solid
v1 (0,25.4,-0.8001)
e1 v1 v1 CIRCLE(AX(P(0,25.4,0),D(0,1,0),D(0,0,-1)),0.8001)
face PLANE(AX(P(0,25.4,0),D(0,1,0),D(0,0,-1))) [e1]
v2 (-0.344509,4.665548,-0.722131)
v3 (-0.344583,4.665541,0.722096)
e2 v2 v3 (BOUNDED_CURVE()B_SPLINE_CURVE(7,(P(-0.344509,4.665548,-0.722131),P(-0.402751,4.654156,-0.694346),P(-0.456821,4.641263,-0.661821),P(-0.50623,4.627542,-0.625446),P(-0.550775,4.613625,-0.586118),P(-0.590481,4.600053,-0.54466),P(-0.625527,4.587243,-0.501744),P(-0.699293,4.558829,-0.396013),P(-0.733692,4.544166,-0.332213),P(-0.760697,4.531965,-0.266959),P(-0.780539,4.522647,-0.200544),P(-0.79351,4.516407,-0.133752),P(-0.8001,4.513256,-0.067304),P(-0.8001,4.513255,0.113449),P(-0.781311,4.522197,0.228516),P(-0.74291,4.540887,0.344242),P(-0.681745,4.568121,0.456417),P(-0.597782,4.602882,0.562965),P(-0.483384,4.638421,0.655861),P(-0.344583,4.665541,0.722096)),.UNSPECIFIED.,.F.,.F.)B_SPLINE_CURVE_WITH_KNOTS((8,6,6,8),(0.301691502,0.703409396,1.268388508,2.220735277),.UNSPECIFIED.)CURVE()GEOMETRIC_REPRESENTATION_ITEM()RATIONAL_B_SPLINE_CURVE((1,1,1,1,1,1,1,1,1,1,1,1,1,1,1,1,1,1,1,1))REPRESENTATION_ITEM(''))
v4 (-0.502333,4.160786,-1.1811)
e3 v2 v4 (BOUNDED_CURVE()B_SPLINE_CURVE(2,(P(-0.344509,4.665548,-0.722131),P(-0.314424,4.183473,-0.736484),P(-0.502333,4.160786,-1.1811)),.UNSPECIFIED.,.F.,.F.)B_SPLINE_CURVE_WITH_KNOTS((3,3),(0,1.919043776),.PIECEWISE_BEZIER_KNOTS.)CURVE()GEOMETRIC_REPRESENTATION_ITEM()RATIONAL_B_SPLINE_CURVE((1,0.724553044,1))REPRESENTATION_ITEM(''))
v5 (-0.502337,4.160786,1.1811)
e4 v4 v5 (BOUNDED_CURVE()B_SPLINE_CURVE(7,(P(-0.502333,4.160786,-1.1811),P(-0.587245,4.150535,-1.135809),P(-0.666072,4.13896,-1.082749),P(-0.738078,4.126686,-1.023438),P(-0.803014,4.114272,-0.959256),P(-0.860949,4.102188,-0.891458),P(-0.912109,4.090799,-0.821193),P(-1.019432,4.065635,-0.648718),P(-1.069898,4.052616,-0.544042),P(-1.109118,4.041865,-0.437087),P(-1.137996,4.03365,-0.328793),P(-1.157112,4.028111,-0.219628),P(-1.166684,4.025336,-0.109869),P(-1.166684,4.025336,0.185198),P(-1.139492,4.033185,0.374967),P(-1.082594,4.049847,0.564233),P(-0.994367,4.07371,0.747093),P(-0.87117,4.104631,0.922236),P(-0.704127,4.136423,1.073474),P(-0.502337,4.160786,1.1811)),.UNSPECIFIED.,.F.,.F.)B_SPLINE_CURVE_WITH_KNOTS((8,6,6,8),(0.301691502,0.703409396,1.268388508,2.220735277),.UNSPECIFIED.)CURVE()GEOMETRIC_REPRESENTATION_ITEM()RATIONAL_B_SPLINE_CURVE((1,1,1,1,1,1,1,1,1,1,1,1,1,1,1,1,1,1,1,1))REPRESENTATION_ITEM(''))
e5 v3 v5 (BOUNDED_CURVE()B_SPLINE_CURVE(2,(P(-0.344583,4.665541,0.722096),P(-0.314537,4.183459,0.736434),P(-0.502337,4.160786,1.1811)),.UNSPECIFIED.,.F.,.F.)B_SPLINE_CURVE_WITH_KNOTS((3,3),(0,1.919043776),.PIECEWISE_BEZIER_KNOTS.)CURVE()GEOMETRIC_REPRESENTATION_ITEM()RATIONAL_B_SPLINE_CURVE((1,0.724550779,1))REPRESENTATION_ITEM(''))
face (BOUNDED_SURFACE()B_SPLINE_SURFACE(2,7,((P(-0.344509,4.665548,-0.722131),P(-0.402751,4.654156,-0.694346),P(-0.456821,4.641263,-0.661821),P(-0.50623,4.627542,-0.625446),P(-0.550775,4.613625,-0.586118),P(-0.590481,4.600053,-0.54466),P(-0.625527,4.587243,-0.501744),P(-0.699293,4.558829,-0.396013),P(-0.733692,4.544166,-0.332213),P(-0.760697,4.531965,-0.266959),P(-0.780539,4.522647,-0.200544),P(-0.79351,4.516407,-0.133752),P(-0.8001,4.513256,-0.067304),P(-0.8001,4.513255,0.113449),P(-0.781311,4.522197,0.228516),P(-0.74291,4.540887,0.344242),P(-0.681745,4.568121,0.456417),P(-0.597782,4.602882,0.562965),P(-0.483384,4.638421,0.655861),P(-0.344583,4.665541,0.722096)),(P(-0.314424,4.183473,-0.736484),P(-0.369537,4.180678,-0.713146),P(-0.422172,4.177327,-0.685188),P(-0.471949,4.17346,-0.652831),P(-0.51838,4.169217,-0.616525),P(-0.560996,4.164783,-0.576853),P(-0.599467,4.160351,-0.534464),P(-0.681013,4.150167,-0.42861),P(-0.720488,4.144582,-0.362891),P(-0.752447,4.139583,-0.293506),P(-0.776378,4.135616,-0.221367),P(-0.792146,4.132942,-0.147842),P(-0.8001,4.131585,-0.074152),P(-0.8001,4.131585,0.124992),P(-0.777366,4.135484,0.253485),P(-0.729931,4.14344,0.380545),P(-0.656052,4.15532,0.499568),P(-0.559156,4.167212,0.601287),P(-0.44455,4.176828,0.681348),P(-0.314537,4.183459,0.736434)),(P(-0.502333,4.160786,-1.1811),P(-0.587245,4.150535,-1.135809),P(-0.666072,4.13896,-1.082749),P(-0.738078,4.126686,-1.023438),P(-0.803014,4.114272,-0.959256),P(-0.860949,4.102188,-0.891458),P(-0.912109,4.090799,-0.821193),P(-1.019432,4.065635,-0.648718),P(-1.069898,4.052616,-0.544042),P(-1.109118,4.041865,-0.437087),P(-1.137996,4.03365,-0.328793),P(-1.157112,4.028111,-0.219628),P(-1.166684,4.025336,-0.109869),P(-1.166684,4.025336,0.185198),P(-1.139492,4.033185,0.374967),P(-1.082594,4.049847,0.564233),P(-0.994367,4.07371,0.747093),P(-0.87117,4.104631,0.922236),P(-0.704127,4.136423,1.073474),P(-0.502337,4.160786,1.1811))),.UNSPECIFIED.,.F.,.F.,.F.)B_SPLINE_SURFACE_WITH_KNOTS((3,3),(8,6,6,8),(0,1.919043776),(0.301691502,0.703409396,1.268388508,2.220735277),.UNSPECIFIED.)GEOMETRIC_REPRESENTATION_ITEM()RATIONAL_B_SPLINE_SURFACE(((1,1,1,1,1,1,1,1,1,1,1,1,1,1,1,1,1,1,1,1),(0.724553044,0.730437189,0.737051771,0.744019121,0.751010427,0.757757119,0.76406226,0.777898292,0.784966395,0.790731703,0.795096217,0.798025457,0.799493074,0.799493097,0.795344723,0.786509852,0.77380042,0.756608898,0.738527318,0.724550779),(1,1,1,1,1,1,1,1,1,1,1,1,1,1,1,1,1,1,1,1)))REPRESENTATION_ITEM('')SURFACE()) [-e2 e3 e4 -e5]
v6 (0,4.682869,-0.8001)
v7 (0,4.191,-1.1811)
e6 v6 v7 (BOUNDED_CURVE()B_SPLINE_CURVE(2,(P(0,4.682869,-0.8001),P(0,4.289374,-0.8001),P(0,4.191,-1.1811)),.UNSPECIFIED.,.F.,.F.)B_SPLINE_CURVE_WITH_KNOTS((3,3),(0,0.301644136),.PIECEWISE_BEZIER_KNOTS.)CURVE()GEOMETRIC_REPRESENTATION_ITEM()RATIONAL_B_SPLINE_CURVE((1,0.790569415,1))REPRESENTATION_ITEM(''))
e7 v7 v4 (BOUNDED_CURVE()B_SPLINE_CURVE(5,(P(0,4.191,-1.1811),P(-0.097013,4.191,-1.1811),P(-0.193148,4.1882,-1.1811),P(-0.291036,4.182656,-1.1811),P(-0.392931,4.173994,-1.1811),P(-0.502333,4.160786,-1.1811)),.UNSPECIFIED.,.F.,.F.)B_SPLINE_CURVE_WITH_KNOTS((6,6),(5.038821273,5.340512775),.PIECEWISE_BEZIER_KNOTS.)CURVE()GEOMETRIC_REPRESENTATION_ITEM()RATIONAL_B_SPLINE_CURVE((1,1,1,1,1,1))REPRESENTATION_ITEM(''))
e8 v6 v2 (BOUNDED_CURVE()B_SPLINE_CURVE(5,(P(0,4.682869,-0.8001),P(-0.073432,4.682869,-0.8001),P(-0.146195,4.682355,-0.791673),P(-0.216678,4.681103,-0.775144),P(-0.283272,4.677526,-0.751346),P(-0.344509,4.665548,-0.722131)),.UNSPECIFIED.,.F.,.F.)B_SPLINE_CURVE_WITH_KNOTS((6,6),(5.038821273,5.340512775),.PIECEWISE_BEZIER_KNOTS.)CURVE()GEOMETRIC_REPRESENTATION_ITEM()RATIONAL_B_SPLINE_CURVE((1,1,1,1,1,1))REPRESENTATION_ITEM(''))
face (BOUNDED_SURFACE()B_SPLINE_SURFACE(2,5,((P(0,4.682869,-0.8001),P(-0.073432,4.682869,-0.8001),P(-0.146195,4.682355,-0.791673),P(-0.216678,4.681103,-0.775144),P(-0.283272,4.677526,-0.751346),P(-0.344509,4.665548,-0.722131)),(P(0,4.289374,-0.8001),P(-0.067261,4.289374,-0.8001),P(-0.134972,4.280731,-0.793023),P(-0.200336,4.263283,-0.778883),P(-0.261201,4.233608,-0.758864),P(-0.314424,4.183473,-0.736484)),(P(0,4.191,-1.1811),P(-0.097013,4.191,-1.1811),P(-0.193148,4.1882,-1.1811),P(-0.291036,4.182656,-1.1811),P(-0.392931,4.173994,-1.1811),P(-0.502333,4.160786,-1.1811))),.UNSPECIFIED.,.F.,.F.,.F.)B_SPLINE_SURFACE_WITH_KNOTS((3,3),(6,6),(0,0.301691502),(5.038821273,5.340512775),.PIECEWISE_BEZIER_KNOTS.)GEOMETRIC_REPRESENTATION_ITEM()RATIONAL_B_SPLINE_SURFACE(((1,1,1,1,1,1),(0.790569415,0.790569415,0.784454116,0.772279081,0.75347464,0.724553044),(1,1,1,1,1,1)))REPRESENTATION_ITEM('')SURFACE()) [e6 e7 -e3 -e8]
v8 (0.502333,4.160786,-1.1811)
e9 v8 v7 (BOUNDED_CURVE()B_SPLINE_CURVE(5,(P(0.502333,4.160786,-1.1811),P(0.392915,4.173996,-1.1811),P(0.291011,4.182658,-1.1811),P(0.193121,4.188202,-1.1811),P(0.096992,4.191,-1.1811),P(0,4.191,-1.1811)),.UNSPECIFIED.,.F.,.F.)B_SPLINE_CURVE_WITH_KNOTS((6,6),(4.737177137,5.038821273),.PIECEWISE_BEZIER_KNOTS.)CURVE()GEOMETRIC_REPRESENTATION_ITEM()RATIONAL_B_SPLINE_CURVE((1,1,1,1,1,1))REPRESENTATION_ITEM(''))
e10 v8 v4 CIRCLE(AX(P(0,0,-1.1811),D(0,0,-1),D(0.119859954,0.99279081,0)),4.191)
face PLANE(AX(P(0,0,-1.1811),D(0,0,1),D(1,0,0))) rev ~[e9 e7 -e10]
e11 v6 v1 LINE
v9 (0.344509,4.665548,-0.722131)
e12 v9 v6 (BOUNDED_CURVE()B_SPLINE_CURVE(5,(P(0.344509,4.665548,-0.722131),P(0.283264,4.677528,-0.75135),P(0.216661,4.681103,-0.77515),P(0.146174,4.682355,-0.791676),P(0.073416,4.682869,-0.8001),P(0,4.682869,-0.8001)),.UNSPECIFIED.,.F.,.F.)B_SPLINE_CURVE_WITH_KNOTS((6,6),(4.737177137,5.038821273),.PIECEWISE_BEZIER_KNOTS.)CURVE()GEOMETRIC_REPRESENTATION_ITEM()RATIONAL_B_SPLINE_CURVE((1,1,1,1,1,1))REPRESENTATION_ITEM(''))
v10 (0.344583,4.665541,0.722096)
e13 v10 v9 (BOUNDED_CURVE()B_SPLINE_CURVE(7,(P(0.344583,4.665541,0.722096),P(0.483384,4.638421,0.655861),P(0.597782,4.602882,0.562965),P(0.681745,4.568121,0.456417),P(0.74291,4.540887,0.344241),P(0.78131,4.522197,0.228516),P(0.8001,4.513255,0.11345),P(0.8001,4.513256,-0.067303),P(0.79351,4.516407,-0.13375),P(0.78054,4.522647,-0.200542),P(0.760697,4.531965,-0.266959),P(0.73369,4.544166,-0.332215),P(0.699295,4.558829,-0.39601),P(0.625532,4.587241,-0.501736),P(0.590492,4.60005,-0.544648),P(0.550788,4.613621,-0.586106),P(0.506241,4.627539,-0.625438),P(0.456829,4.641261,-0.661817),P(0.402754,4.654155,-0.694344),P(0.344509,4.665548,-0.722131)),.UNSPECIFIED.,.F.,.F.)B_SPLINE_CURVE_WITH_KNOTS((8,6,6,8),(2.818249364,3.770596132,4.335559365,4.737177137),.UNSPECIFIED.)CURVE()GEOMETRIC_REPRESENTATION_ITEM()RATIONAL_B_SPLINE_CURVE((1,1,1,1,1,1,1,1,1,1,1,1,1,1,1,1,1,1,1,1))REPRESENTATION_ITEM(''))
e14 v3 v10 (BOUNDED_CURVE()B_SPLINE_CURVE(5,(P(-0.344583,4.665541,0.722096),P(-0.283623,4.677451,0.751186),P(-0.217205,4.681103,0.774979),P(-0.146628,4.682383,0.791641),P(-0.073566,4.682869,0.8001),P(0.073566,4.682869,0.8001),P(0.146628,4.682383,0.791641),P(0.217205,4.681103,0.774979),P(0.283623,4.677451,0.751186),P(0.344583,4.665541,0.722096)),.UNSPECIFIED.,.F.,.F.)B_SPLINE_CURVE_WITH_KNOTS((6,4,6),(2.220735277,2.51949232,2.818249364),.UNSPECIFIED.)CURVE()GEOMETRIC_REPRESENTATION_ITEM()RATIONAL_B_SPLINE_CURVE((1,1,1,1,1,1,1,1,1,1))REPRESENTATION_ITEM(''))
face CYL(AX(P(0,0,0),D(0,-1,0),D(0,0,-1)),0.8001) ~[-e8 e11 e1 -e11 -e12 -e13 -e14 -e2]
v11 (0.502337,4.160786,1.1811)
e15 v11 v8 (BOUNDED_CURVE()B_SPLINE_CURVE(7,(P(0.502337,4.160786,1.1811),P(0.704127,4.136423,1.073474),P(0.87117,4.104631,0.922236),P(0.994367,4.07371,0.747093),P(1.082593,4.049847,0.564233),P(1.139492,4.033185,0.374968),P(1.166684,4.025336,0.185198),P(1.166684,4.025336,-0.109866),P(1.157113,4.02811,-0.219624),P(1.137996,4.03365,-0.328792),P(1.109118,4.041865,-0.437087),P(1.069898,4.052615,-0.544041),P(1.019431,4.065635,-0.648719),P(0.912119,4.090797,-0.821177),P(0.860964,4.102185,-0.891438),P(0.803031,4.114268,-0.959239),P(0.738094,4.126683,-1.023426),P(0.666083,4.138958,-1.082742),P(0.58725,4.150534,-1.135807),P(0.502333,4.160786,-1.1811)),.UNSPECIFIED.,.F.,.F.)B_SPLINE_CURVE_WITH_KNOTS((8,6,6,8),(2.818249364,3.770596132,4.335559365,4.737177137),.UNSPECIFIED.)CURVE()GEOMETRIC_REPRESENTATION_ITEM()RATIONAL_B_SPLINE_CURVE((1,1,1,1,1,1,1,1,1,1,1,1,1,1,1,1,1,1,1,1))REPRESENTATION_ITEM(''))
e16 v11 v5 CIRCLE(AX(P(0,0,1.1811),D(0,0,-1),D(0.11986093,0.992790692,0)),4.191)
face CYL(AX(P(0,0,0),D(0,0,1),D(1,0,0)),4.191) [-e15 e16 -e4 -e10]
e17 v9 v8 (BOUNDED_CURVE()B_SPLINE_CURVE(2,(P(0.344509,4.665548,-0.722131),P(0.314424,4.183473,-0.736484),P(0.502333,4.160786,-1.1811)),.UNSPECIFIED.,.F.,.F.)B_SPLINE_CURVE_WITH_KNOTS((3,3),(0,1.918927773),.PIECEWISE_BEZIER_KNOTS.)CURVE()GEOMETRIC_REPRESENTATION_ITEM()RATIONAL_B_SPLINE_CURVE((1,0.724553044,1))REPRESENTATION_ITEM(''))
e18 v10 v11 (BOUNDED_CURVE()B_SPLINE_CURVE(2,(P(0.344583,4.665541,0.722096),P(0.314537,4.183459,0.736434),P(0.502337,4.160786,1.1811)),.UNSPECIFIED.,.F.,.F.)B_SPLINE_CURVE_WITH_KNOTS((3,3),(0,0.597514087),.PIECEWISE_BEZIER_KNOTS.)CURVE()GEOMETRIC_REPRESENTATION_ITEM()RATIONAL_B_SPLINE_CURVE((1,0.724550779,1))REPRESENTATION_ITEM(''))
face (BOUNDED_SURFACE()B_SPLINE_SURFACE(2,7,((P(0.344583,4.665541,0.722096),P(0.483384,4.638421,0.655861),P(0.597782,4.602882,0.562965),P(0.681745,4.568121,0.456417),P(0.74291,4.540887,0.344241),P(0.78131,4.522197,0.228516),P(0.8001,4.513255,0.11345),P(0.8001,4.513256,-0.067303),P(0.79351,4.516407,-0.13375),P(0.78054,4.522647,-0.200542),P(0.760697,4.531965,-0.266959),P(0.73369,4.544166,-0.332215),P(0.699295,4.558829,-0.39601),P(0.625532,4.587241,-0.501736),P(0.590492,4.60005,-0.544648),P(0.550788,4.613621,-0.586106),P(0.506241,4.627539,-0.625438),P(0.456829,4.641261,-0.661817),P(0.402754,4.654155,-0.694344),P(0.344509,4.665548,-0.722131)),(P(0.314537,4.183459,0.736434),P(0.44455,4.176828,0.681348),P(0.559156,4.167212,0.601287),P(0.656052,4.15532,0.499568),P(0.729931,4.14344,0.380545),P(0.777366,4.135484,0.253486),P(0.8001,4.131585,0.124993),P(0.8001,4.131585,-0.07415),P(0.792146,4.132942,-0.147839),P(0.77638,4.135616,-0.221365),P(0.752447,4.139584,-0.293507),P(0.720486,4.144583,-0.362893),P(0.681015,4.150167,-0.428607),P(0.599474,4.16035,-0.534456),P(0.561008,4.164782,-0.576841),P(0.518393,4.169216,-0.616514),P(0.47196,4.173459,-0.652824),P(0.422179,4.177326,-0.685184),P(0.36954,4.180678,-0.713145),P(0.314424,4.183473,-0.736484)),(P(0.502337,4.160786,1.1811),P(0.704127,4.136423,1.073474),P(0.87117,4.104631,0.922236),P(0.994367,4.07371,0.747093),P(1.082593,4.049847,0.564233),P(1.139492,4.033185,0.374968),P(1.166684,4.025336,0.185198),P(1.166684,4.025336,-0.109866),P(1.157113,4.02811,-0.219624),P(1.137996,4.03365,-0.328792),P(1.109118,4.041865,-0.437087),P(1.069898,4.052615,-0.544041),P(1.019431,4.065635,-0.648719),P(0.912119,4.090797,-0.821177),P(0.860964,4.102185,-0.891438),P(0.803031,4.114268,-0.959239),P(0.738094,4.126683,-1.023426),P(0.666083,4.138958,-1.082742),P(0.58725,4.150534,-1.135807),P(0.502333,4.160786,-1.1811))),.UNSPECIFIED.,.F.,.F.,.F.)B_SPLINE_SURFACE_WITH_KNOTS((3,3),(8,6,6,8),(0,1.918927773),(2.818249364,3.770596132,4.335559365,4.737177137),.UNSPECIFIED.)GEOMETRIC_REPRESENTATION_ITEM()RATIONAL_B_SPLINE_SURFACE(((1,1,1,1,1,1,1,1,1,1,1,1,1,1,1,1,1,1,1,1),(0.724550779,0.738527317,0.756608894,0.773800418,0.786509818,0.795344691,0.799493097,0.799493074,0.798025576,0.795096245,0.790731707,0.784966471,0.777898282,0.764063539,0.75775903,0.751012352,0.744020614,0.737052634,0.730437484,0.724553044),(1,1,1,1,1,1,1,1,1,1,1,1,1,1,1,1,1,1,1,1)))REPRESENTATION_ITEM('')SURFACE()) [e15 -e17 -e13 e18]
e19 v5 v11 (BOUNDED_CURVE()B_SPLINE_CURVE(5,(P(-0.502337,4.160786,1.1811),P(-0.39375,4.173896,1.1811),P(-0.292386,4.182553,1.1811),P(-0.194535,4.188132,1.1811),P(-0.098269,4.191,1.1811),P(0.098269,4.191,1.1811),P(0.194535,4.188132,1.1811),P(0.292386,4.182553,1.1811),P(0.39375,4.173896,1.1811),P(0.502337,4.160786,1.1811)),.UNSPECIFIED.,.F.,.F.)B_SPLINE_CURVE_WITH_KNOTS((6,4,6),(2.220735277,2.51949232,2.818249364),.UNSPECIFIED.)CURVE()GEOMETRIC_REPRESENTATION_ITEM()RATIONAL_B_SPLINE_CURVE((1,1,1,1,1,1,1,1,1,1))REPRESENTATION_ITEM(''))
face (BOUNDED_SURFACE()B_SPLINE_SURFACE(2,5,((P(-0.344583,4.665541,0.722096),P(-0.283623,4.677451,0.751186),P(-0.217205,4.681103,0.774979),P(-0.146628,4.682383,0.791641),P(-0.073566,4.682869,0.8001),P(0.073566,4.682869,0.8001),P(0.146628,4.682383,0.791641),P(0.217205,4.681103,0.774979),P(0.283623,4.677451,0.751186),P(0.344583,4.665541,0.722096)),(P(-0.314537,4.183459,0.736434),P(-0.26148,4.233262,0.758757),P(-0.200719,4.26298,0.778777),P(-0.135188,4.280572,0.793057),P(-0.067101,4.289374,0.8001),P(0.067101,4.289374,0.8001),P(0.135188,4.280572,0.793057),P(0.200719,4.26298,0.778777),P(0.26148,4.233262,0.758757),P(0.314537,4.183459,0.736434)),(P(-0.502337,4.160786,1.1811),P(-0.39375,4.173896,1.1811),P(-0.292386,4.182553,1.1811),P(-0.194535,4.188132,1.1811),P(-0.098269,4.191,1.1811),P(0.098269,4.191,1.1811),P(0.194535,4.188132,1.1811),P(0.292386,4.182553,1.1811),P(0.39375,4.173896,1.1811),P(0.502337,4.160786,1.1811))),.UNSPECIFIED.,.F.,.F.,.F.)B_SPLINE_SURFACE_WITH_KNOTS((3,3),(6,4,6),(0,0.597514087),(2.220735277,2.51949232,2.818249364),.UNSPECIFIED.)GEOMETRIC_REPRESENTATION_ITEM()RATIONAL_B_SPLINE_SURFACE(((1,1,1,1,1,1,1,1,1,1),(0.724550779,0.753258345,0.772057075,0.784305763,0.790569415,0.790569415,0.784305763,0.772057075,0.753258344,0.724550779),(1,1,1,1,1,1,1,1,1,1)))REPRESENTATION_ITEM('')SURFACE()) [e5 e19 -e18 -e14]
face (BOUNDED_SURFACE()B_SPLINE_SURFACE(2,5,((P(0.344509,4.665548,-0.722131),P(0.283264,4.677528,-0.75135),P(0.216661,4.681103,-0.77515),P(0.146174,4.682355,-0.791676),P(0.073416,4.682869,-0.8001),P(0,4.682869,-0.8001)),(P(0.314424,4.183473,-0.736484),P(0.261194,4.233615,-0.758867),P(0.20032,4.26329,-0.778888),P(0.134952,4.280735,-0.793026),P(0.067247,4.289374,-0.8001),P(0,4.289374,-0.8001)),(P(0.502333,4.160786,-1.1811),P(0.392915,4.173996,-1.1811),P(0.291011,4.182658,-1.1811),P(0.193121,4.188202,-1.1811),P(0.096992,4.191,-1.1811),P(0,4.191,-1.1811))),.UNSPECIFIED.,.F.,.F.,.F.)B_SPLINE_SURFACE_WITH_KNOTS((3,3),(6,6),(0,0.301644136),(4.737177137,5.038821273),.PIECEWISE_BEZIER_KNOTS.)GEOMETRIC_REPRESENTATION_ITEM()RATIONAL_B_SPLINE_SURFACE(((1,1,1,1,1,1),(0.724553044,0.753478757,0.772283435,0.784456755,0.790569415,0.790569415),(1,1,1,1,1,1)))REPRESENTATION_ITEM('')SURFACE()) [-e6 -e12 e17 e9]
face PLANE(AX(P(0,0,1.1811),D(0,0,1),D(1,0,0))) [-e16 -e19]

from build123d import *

# Parameters (mm, degrees)
SKETCH1_R           = 4.191
BOSS_EXTRUDE1_DEPTH = 1.1811
SKETCH2_R           = 0.8001
BOSS_EXTRUDE2_DEPTH = 25.4
FILLET1_R           = 0.508


with BuildPart() as part:
    # Sketch1 → Boss-Extrude1 (new, symmetric)
    with BuildSketch(Plane.XY):
        Circle(SKETCH1_R)
    extrude(amount=BOSS_EXTRUDE1_DEPTH, both=True)

    # Sketch2 → Boss-Extrude2 (add)
    with BuildSketch(Plane(origin=(0, 0, 0), x_dir=(1, 0, 0), z_dir=(0, 1, 0))):
        with Locations(Location((0, 0, 0), (0, 0, 90))):
            Circle(SKETCH2_R)
    extrude(amount=BOSS_EXTRUDE2_DEPTH)

    # Fillet1
    fillet1_edges = [part.edges().sort_by_distance(p)[0] for p in [
        (0, 4.191, 0.8001),
    ]]
    fillet(fillet1_edges, radius=FILLET1_R)


solid = part.part
